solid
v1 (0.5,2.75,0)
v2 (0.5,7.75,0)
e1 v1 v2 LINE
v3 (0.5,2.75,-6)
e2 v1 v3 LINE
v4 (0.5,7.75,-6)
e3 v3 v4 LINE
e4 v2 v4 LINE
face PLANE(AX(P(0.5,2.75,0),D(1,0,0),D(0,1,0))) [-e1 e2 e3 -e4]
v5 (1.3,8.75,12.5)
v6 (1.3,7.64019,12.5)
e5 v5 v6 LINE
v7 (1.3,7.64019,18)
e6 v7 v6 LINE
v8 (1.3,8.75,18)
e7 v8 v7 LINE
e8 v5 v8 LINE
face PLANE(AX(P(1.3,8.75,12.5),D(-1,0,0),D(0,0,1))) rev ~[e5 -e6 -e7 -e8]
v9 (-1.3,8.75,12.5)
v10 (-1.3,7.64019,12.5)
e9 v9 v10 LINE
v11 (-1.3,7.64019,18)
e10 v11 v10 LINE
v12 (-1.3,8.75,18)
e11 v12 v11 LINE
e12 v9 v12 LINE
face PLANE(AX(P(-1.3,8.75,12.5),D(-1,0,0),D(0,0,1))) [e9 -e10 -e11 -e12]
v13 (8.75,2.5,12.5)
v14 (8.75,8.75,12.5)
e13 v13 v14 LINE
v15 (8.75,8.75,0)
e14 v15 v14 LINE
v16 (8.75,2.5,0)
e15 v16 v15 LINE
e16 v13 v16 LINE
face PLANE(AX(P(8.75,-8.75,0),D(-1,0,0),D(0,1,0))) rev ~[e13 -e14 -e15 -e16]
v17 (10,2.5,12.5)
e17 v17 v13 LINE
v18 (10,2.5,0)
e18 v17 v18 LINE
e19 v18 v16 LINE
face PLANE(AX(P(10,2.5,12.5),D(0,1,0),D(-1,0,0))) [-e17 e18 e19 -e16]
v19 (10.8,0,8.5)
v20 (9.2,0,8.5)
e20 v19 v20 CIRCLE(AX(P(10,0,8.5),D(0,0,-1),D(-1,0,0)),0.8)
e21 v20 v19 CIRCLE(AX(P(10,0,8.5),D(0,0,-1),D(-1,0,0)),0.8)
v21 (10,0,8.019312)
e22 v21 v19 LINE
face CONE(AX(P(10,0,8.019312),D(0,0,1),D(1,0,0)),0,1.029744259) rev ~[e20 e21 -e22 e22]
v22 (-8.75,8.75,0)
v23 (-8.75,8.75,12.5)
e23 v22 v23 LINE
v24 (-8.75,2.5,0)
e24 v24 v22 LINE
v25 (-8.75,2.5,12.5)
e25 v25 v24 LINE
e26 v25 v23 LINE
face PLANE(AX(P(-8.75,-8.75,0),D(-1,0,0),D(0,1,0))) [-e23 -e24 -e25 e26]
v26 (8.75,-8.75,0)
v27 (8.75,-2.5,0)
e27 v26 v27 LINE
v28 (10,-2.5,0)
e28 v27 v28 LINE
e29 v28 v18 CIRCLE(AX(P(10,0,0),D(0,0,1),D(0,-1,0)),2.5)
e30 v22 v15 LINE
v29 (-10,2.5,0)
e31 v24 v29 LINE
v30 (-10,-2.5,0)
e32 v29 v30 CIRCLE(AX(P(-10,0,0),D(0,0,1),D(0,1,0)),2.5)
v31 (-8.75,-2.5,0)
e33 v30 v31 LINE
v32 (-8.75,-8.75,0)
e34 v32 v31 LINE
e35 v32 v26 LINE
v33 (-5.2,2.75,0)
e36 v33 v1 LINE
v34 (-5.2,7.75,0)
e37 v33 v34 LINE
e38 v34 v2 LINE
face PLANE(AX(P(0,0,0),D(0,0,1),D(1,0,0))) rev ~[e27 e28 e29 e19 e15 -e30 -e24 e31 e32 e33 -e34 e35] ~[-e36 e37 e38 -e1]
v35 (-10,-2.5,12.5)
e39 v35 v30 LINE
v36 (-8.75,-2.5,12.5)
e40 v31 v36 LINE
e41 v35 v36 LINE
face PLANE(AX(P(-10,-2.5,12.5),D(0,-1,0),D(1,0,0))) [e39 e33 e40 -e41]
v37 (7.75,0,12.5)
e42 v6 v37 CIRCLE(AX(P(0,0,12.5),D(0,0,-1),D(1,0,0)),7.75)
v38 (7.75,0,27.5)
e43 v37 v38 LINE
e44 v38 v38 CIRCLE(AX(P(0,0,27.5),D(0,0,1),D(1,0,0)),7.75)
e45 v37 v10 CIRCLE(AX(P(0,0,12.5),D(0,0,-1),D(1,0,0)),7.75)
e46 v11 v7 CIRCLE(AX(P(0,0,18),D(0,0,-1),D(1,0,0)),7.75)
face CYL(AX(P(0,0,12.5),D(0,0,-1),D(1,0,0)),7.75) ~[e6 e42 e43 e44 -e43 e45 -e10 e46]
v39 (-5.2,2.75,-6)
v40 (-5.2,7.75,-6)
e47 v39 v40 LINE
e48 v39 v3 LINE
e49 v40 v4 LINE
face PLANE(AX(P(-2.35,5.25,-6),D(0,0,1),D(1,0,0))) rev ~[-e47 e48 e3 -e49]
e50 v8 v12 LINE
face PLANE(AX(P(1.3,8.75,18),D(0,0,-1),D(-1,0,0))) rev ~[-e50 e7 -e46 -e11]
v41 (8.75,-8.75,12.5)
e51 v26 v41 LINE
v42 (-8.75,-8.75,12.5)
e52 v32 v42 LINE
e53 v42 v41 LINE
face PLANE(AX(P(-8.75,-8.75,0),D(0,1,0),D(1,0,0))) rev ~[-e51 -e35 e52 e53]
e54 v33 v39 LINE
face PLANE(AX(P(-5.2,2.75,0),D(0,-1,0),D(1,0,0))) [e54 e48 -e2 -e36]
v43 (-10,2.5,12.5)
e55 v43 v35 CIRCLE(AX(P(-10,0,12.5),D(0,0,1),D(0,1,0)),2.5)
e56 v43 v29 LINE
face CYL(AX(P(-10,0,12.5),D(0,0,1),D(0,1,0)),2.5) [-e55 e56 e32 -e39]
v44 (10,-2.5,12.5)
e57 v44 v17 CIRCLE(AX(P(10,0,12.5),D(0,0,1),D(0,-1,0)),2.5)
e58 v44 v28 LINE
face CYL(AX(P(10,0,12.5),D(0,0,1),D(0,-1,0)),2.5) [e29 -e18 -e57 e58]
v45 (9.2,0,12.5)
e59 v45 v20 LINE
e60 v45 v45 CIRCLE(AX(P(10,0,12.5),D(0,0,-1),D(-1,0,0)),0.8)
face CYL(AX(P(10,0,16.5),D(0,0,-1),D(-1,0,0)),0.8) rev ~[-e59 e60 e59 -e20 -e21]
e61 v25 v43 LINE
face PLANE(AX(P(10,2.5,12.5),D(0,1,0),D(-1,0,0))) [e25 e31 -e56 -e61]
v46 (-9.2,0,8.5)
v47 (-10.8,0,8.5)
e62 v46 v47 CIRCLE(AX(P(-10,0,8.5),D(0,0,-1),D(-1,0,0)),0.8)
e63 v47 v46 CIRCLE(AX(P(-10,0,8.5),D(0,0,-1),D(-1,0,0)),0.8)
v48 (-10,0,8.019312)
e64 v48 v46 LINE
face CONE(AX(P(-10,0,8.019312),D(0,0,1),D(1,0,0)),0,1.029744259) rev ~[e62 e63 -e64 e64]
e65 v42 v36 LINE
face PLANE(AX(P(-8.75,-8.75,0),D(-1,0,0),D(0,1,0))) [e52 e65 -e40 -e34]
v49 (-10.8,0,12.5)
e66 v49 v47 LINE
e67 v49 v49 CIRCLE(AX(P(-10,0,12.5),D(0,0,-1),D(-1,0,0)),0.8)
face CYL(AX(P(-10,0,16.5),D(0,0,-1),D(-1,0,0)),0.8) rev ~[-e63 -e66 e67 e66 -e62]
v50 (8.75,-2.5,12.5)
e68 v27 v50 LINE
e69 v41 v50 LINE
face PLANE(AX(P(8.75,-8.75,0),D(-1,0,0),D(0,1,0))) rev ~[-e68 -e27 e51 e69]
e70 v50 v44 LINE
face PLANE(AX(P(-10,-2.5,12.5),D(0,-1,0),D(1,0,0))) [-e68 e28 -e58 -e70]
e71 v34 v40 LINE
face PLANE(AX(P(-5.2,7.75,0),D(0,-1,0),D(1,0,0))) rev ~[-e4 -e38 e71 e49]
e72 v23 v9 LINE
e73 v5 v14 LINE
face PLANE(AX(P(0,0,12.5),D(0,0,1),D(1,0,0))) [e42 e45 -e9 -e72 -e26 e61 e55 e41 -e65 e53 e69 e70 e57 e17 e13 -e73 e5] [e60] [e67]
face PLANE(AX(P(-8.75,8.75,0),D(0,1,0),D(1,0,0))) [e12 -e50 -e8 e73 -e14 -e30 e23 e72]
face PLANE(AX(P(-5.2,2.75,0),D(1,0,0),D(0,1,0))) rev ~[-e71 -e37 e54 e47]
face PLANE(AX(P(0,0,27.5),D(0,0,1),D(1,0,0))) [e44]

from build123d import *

# Parameters (mm, degrees)
F0_W     = 17.5
F0_H     = 17.5
F1_DEPTH = 12.5
F2_R     = 7.75
F3_DEPTH = 15
F5_DEPTH = 12.5
F6_D     = 1.6
F6_DEPTH = 4
F6_TIP   = 0.4806884952
F7_W     = 5.7
F7_H     = 5
F8_DEPTH = 6
F9_W     = 2.6
F9_H     = 5.5


with BuildPart() as f1:
    # F0 (on Top) → F1 (new body)
    with BuildSketch(Plane.XY):
        Rectangle(F0_W, F0_H)
    extrude(amount=F1_DEPTH)

    # F2 (on face) → F3 (join)
    with BuildSketch(Plane.XY.offset(12.5)):
        Circle(F2_R)
    extrude(amount=F3_DEPTH)

    # F4 (on face) → F5 (join, through all)
    with BuildSketch(Plane.XY.offset(12.5)):
        with BuildLine():
            Line((10, 2.5), (-10, 2.5))
            ThreePointArc((-10, 2.5), (-12.5, 0), (-10, -2.5))
            Line((-10, -2.5), (10, -2.5))
            ThreePointArc((10, -2.5), (12.5, 0), (10, 2.5))
        make_face()
    extrude(amount=-F5_DEPTH)

    # F6
    with Locations(Plane.XY.offset(12.5)):
        with Locations((-10, 0), (10, 0)):
            Hole(F6_D / 2, depth=F6_DEPTH)
            with Locations((0, 0, -(F6_DEPTH + F6_TIP / 2))):  # 118° drill point
                Cone(0, F6_D / 2, F6_TIP, mode=Mode.SUBTRACT)

    # F7 (on Top) → F8 (join)
    with BuildSketch(Plane.XY):
        with Locations((-2.35, 5.25)):
            Rectangle(F7_W, F7_H)
    extrude(amount=-F8_DEPTH)

    # F9 (on face) → F10 (join, up to the next surface of F1)
    with BuildSketch(Plane(origin=(0, 8.75, 0), x_dir=(-1, 0, 0), z_dir=(0, 1, 0))):
        with Locations((0, 15.25)):
            Rectangle(F9_W, F9_H)
    extrude(until=Until.NEXT, dir=(0, -1, 0))


solid = f1.part
